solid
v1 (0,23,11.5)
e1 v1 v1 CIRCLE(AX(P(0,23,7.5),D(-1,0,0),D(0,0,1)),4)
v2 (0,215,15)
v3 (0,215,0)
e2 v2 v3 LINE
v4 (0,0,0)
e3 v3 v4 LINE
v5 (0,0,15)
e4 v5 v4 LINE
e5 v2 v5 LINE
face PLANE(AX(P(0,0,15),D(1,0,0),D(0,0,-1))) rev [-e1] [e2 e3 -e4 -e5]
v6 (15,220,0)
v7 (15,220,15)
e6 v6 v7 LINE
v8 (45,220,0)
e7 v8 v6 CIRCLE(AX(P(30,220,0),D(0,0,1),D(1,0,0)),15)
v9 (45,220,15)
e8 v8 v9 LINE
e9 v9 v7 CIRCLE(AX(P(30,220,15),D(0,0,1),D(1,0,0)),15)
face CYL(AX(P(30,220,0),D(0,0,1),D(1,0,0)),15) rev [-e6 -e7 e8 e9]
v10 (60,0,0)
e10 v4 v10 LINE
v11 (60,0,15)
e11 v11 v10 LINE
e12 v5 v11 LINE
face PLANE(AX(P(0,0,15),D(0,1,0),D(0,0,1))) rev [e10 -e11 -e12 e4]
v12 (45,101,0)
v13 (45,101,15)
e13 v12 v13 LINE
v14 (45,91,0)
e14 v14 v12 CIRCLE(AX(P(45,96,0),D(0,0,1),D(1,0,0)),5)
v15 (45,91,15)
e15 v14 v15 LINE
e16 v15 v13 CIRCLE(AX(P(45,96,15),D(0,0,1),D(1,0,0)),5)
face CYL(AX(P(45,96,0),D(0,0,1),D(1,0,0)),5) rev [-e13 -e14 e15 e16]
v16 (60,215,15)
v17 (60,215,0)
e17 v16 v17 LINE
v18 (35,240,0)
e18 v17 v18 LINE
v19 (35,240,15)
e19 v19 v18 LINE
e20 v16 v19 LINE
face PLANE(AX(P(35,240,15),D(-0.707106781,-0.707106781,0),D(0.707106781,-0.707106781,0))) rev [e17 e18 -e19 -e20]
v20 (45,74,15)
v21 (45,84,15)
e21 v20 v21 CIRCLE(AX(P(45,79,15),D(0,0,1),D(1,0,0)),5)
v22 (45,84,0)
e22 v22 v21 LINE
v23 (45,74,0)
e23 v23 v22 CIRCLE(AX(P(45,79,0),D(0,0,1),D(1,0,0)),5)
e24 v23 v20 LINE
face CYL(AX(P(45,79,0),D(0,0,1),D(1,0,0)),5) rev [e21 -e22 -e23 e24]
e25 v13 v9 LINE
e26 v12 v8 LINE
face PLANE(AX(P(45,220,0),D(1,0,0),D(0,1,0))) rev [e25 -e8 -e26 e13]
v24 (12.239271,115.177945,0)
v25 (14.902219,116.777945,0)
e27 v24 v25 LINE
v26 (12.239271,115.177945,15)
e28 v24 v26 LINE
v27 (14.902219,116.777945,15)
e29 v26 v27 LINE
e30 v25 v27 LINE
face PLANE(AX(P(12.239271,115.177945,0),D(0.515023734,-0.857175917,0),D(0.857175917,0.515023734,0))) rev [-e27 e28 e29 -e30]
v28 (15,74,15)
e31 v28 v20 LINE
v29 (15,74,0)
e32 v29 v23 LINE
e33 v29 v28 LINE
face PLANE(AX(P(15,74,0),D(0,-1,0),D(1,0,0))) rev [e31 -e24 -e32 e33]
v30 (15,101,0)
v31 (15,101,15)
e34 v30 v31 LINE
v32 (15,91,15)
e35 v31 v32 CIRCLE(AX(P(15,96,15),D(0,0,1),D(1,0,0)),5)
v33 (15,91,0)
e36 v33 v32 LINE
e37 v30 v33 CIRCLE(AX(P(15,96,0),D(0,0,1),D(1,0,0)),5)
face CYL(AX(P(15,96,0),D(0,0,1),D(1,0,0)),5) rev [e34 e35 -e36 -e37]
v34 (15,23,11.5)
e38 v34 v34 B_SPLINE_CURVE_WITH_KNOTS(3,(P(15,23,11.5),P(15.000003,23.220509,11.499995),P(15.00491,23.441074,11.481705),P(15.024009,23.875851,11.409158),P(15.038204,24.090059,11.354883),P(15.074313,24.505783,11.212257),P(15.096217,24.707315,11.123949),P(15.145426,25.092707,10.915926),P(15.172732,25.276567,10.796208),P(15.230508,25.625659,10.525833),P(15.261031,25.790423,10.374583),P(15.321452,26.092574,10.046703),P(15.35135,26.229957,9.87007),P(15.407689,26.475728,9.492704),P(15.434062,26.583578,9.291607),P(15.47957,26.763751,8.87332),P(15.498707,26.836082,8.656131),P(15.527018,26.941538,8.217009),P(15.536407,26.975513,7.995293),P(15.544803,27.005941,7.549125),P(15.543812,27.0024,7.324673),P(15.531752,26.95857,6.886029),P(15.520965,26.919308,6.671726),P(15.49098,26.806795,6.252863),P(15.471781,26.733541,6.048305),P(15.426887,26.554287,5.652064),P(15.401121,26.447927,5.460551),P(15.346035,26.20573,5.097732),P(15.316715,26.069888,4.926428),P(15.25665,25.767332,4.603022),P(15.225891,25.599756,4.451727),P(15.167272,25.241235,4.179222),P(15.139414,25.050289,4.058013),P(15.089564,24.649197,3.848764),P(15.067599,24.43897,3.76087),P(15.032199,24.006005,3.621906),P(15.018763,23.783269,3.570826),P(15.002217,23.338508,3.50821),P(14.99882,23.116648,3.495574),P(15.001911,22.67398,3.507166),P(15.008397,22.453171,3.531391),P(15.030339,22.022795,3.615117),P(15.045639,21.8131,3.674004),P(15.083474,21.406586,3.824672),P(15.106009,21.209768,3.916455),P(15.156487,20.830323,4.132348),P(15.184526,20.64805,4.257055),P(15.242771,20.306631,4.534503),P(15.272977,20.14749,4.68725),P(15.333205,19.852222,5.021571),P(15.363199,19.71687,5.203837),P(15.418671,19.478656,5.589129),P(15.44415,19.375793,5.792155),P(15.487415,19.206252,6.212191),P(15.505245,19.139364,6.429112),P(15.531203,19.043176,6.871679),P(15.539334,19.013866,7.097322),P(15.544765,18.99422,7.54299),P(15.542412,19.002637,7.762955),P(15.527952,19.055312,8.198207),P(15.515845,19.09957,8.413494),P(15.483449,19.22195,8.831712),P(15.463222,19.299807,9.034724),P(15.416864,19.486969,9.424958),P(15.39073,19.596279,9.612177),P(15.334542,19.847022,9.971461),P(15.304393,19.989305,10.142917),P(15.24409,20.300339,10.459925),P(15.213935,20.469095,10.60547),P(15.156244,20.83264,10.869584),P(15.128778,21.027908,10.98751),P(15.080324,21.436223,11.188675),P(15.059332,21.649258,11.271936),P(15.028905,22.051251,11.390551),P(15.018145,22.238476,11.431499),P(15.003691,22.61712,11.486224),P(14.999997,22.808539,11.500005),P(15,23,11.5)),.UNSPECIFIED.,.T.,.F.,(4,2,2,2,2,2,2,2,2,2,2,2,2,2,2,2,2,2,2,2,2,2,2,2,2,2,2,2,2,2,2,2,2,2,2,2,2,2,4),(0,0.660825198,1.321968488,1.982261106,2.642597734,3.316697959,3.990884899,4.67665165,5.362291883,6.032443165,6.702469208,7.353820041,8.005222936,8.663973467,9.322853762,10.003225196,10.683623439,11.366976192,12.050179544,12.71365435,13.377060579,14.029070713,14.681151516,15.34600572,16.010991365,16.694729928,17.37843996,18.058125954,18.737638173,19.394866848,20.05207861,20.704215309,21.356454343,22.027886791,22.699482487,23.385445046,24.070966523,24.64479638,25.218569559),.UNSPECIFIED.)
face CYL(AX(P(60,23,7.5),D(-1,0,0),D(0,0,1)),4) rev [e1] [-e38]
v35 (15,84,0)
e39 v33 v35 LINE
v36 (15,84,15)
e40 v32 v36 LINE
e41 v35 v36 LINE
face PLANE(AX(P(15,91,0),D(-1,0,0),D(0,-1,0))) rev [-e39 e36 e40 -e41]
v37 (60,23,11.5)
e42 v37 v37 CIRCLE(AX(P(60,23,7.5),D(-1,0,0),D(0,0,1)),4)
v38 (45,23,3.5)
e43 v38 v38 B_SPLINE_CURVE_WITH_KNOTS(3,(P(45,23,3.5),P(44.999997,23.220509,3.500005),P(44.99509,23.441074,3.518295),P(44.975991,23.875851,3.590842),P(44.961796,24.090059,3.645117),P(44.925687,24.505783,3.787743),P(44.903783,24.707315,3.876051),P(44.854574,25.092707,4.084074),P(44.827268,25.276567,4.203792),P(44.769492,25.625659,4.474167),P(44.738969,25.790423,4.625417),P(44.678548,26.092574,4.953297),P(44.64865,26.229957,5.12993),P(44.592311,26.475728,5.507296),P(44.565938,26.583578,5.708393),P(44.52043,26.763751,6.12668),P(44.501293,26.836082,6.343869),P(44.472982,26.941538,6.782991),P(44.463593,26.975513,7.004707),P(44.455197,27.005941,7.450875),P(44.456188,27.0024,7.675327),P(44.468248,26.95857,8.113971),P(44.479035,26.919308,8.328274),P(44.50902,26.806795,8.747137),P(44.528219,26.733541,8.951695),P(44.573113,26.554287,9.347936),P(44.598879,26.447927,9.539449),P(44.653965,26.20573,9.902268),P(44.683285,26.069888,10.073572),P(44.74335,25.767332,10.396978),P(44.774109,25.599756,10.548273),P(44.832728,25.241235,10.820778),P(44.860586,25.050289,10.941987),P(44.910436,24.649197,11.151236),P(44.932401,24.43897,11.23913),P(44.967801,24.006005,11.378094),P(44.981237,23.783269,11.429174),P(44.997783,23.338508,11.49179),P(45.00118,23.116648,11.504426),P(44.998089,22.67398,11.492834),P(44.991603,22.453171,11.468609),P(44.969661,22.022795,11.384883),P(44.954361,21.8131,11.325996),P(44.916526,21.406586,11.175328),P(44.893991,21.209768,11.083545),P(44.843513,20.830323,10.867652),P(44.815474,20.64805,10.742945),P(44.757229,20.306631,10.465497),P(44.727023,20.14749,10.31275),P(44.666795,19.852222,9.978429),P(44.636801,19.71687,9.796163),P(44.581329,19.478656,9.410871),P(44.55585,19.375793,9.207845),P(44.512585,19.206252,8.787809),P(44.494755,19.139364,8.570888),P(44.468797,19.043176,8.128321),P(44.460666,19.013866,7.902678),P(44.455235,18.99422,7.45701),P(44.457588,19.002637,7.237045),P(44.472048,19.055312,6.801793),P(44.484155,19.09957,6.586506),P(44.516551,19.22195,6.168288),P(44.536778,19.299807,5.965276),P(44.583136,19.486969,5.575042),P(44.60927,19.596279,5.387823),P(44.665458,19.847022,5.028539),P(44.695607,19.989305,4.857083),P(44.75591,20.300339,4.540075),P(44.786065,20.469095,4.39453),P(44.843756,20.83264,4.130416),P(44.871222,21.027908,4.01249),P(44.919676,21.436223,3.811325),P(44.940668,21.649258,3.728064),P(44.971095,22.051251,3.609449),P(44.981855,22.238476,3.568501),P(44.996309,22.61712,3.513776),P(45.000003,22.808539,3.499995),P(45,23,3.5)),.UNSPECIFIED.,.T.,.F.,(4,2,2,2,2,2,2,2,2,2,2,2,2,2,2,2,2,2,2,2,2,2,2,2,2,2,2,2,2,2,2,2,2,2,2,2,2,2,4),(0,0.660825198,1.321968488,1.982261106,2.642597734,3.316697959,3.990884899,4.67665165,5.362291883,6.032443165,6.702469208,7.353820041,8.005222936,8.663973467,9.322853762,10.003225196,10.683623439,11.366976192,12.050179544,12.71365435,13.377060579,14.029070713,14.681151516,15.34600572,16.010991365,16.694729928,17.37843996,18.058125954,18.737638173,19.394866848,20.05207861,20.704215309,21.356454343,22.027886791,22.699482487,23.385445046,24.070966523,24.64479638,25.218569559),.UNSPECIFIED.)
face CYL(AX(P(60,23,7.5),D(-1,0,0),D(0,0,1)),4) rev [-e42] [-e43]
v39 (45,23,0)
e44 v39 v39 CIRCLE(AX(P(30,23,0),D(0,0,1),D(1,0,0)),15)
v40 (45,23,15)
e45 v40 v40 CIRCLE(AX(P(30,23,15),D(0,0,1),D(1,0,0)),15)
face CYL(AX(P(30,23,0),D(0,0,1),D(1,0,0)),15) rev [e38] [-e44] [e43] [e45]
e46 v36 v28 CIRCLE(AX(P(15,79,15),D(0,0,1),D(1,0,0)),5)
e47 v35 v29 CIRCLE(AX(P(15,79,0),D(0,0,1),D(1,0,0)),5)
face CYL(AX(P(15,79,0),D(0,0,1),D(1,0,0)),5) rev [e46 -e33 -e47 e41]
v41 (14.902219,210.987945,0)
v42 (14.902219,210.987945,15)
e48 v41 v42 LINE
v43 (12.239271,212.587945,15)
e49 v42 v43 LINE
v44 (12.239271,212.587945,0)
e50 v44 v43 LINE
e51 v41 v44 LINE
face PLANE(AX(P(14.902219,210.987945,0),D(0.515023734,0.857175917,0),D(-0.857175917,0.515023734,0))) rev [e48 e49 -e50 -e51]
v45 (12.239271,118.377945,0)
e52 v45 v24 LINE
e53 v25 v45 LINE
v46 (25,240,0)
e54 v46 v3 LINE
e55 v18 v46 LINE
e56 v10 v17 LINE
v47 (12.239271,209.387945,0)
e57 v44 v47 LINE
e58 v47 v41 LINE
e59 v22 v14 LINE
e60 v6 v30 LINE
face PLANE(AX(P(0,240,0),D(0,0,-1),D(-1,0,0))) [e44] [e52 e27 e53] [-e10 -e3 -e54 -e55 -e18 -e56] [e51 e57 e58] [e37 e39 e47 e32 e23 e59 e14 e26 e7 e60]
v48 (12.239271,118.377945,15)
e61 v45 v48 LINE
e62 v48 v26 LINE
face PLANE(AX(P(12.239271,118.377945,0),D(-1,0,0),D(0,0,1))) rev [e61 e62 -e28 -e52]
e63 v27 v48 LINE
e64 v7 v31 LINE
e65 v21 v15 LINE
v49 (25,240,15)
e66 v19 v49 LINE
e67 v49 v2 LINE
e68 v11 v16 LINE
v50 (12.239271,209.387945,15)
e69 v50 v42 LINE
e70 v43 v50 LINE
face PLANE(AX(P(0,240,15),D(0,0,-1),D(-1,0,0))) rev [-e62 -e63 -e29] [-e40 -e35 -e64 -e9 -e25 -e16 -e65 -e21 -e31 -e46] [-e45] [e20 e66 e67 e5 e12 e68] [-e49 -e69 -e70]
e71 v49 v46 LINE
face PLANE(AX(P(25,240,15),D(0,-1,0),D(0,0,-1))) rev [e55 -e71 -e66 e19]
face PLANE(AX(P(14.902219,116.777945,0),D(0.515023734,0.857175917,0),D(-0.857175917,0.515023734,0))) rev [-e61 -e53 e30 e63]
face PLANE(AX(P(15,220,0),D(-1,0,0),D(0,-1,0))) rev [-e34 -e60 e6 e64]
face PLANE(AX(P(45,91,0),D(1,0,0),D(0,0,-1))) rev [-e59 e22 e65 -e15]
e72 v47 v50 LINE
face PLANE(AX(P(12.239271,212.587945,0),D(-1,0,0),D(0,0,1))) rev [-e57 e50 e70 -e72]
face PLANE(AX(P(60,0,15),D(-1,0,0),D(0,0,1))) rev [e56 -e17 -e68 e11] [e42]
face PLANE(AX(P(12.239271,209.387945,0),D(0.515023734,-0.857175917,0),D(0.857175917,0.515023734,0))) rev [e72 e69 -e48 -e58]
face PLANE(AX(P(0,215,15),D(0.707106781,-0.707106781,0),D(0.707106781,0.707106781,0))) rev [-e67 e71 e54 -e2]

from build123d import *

# Parameters (mm, degrees)
BASE_EXTRUSION_DEPTH       = 15
ESQUISSE2_R                = 15
ENL_V_MAT_EXTRU_1_DEPTH    = 15
ENL_V_MAT_EXTRU_2_DEPTH    = 15
ESQUISSE4_R                = 4
ENL_V_MAT_EXTRU_3_DEPTH    = 248.840674628
ENL_V_MAT_EXTRU_4_DEPTH    = 248.840674658
R_P_TITION_LIN_AIRE1_COUNT = 2
R_P_TITION_LIN_AIRE1_PITCH = 94.21


with BuildPart() as part:
    # Esquisse1 → Base-Extrusion (new body)
    with BuildSketch(Plane.XY):
        Polygon((0, 215), (25, 240), (35, 240), (60, 215), (60, 0), (0, 0), align=None)
    extrude(amount=BASE_EXTRUSION_DEPTH)

    # Esquisse2 → Enlèv. mat.-Extru.1 (cut)
    with BuildSketch(Plane.XY.offset(15)):
        with Locations((30, 23)):
            Circle(ESQUISSE2_R)
    extrude(amount=-ENL_V_MAT_EXTRU_1_DEPTH, mode=Mode.SUBTRACT)

    # Esquisse3 → Enlèv. mat.-Extru.2 (cut)
    with BuildSketch(Plane.XY.offset(15)):
        with BuildLine():
            Line((45, 91), (45, 84))
            ThreePointArc((45, 84), (50, 79), (45, 74))
            Line((45, 74), (15, 74))
            ThreePointArc((15, 74), (10, 79), (15, 84))
            Line((15, 84), (15, 91))
            ThreePointArc((15, 91), (10, 96), (15, 101))
            Line((15, 101), (15, 220))
            ThreePointArc((15, 220), (30, 235), (45, 220))
            Line((45, 220), (45, 101))
            ThreePointArc((45, 101), (50, 96), (45, 91))
        make_face()
    extrude(amount=-ENL_V_MAT_EXTRU_2_DEPTH, mode=Mode.SUBTRACT)

    # Esquisse4 → Enlèv. mat.-Extru.3 (cut, through all)
    with BuildSketch(Plane.ZY):
        with Locations((7.5, 23)):
            Circle(ESQUISSE4_R)
    extrude(amount=-ENL_V_MAT_EXTRU_3_DEPTH, mode=Mode.SUBTRACT)

    # Esquisse5 → Enlèv. mat.-Extru.4 (cut, through all)
    with BuildSketch(Plane.XY.offset(15)):
        Polygon((14.902218658, 116.777944848), (12.23927057, 118.377944848), (12.23927057, 115.177944848), align=None)
    enl_v_mat_extru_4 = extrude(amount=-ENL_V_MAT_EXTRU_4_DEPTH, mode=Mode.SUBTRACT)

    # Répétition linéaire1: Enlèv. mat.-Extru.4 ×2
    with Locations(*[(0, i * R_P_TITION_LIN_AIRE1_PITCH, 0) for i in range(1, R_P_TITION_LIN_AIRE1_COUNT)]):
        add(enl_v_mat_extru_4, mode=Mode.SUBTRACT)


solid = part.part
